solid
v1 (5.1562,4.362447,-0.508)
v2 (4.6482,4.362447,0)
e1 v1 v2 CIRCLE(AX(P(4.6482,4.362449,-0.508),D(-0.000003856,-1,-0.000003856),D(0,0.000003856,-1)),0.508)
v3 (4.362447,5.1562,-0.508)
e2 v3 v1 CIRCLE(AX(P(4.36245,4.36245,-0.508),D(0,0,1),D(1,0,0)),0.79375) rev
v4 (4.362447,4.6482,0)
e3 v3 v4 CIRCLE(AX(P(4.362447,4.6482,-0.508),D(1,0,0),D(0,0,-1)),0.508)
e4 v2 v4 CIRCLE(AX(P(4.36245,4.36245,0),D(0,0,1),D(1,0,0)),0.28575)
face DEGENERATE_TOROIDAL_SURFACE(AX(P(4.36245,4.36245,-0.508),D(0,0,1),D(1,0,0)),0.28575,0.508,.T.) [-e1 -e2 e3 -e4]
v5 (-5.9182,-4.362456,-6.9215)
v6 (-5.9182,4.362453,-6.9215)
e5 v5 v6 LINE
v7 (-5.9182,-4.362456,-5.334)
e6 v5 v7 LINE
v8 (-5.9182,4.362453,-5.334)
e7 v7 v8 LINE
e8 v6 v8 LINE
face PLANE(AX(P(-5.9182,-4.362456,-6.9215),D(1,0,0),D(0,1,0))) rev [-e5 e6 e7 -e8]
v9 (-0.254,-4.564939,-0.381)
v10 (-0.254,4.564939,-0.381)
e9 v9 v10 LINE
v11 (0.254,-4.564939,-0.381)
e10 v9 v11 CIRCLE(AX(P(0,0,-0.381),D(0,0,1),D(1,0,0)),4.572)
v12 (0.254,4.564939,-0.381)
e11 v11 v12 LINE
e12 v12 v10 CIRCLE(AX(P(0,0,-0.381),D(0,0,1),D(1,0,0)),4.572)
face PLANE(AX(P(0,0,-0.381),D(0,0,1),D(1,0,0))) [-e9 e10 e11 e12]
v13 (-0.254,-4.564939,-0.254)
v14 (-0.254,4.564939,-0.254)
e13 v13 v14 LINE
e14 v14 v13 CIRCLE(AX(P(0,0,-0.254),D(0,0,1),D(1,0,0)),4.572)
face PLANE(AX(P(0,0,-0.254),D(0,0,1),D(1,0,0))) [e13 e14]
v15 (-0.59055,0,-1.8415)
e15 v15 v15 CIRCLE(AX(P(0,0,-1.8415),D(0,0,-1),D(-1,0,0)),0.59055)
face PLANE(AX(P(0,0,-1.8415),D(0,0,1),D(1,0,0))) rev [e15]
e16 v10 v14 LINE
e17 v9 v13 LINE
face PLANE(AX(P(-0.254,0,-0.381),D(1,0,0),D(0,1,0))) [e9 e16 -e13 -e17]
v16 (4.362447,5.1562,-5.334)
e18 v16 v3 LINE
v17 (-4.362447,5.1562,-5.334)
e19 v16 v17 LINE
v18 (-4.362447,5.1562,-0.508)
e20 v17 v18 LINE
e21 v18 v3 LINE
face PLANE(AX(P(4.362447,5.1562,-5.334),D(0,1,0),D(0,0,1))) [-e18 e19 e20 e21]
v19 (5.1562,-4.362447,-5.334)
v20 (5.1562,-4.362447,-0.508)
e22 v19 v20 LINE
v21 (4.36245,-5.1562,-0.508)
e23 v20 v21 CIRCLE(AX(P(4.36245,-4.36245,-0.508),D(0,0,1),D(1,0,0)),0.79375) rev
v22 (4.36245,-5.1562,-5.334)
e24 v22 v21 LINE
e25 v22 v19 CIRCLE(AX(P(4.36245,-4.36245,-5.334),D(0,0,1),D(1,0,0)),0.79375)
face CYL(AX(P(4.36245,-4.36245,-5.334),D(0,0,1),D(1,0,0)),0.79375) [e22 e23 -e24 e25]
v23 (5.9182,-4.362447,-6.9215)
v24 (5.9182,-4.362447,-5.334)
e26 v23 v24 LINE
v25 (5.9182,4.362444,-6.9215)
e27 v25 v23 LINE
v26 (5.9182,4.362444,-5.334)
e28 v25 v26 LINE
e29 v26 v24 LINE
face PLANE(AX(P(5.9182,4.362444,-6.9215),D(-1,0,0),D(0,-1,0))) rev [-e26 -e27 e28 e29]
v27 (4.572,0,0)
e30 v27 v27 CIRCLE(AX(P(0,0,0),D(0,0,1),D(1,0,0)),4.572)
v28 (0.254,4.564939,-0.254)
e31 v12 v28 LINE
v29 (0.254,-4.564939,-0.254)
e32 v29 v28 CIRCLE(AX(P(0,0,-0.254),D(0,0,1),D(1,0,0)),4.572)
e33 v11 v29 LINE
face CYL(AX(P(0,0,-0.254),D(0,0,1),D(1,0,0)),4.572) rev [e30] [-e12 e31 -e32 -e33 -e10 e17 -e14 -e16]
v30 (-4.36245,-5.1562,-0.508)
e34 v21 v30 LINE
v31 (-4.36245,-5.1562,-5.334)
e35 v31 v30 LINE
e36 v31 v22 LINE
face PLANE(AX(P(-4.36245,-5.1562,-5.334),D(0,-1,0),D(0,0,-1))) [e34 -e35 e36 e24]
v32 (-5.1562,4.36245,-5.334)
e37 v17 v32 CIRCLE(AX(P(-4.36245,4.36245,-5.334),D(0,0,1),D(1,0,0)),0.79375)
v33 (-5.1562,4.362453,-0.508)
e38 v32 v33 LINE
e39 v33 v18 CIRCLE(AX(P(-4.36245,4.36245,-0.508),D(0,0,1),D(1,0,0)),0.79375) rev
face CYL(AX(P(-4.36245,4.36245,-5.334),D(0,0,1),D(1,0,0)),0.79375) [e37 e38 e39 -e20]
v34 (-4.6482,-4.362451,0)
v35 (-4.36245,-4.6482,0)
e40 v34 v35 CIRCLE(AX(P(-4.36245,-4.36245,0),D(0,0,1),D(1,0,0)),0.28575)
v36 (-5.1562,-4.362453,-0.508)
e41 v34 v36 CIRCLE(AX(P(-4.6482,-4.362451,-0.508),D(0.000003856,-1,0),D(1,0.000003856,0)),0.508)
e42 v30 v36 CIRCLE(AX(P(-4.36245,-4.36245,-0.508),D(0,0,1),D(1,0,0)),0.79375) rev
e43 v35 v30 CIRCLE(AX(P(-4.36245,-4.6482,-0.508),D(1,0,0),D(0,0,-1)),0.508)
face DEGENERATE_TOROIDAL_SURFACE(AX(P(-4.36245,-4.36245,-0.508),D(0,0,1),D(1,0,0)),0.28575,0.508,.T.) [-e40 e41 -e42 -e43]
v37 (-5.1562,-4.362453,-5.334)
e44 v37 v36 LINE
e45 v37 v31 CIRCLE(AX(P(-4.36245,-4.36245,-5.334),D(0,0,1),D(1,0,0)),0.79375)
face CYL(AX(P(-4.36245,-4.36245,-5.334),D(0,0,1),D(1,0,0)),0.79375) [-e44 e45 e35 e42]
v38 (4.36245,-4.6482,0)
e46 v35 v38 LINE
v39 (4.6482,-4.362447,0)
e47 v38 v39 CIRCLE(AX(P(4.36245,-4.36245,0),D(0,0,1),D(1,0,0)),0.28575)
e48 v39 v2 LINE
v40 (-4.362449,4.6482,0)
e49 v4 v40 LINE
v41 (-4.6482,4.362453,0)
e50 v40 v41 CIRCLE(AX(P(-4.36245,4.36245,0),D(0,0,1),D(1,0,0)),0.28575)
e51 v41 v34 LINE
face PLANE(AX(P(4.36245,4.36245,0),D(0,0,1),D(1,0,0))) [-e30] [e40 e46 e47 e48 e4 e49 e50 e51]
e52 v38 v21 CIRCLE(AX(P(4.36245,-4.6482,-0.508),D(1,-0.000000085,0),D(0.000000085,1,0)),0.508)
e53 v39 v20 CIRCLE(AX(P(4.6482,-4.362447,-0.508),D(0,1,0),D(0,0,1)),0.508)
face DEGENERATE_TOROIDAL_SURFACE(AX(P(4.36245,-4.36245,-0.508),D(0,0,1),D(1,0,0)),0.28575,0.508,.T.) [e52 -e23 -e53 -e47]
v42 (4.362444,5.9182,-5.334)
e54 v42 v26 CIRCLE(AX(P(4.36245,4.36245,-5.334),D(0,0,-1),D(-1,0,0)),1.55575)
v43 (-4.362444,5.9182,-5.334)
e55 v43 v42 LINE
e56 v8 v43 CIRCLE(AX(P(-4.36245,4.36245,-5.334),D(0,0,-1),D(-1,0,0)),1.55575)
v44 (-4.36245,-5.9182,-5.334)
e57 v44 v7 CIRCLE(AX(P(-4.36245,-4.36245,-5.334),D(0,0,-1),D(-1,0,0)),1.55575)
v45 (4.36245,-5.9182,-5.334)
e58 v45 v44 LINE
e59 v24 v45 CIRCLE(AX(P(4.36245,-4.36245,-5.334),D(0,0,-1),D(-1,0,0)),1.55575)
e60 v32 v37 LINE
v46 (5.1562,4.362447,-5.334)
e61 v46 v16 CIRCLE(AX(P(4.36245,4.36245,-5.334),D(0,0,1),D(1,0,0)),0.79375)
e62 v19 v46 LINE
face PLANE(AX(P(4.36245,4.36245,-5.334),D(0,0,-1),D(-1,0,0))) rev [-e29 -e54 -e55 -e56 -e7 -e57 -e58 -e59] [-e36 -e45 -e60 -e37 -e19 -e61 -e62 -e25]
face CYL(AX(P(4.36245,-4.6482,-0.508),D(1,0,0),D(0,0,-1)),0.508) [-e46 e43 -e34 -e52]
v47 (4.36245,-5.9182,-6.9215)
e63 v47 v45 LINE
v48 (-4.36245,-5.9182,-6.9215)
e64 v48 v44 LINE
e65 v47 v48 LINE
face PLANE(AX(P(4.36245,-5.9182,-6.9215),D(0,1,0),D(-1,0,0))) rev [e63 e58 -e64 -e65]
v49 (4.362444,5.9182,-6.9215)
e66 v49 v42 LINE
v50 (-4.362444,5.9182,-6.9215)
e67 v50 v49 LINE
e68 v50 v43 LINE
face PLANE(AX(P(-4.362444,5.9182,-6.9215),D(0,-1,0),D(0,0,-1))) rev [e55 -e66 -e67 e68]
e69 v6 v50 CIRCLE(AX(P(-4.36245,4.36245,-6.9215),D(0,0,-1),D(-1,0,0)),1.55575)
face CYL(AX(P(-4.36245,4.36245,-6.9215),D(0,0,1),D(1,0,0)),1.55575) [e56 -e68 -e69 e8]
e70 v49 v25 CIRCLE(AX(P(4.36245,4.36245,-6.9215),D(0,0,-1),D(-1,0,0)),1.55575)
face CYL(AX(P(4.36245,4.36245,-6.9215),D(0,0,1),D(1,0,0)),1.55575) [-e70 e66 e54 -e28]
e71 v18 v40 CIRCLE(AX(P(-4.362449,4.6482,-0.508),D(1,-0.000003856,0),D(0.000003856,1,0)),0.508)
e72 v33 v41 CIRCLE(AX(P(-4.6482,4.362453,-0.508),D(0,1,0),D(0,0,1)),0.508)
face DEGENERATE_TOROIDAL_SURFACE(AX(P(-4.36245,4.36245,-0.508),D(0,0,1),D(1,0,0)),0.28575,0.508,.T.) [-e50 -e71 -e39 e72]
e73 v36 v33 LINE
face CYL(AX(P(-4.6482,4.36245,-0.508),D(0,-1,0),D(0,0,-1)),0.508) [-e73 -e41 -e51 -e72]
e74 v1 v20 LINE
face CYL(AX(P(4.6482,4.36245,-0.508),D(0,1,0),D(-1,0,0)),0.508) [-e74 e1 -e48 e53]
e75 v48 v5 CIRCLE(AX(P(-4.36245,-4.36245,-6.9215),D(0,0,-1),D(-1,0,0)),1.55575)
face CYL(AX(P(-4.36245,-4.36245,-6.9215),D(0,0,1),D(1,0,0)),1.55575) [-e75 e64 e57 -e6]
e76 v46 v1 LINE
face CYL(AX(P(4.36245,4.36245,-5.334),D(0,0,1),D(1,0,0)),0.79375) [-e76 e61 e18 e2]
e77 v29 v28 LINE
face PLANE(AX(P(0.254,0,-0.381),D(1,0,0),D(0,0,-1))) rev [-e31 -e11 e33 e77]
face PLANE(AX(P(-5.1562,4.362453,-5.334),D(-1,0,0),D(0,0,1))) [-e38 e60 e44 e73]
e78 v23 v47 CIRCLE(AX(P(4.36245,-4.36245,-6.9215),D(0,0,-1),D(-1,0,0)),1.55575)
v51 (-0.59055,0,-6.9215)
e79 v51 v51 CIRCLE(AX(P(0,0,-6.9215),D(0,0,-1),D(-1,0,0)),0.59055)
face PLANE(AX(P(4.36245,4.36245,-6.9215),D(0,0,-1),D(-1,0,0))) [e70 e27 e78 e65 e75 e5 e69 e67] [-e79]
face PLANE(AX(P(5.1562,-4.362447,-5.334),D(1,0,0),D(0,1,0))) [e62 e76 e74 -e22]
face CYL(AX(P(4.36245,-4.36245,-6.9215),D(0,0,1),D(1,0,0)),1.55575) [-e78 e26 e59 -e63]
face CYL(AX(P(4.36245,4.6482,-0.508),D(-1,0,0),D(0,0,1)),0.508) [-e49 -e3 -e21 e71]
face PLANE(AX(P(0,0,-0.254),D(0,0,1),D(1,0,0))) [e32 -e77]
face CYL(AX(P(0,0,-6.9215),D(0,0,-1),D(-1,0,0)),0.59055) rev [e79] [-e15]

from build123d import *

# Parameters (mm, degrees)
BOSS_EXTRUDE1_DEPTH              = 5.334
FILLET1_R                        = 0.508
SKETCH2_R                        = 4.572
CUT_EXTRUDE1_DEPTH               = 0.254
CUT_EXTRUDE2_DEPTH               = 0.127
BOSS_EXTRUDE2_DEPTH              = 1.5875
F_56_0_0465_DIAMETER_HOLE1_D     = 1.1811
F_56_0_0465_DIAMETER_HOLE1_DEPTH = 5.08


with BuildPart() as part:
    # Sketch1 → Boss-Extrude1 (new body)
    with BuildSketch(Plane.XY):
        with BuildLine():
            Line((4.362446893, 5.156199954), (-4.362446893, 5.156199954))
            ThreePointArc((-4.362446893, 5.156199954), (-4.923713797, 4.923718126), (-5.156199954, 4.362453015))
            Line((-5.156199954, 4.362453015), (-5.156199954, -4.362453015))
            ThreePointArc((-5.156199954, -4.362453015), (-4.923714856, -4.923717067), (-4.362449887, -5.156199954))
            Line((-4.362449887, -5.156199954), (4.362449887, -5.156199954))
            ThreePointArc((4.362449887, -5.156199954), (4.92371702, -4.923714903), (5.156199954, -4.362446893))
            Line((5.156199954, -4.362446893), (5.156199954, 4.362446893))
            ThreePointArc((5.156199954, 4.362446893), (4.923715961, 4.923715962), (4.362446893, 5.156199954))
        make_face()
    extrude(amount=-BOSS_EXTRUDE1_DEPTH)

    # Fillet1
    fillet1_edges = [part.edges().sort_by_distance(p)[0] for p in [
        (0, 5.156199954, 0),
        (4.923715961, 4.923715962, 0),
        (5.156199954, 0, 0),
        (4.92371702, -4.923714903, 0),
        (0, -5.156199954, 0),
        (-4.923714856, -4.923717067, 0),
        (-5.156199954, 0, 0),
        (-4.923713797, 4.923718126, 0),
    ]]
    fillet(fillet1_edges, radius=FILLET1_R)

    # Sketch2 → Cut-Extrude1 (cut)
    with BuildSketch(Plane.XY):
        Circle(SKETCH2_R)
    extrude(amount=-CUT_EXTRUDE1_DEPTH, mode=Mode.SUBTRACT)

    # Sketch3 → Cut-Extrude2 (cut)
    with BuildSketch(Plane.XY.offset(-0.254)):
        with BuildLine():
            Line((-0.254, 4.564938992), (-0.254, -4.564938992))
            ThreePointArc((-0.254, -4.564938992), (0, -4.572), (0.254, -4.564938992))
            Line((0.254, -4.564938992), (0.254, 4.564938992))
            ThreePointArc((0.254, 4.564938992), (0, 4.572), (-0.254, 4.564938992))
        make_face()
    extrude(amount=-CUT_EXTRUDE2_DEPTH, mode=Mode.SUBTRACT)

    # Sketch4 → Boss-Extrude2 (add)
    with BuildSketch(Plane(origin=(0, 0, -5.334), x_dir=(-1, 0, 0), z_dir=(0, 0, -1))):
        with BuildLine():
            Line((-5.918199954, 4.362443955), (-5.918199954, -4.362446893))
            ThreePointArc((-5.918199954, -4.362446893), (-5.462532364, -5.462530293), (-4.362449822, -5.918199954))
            Line((-4.362449822, -5.918199954), (4.362449887, -5.918199954))
            ThreePointArc((4.362449887, -5.918199954), (5.462529184, -5.462533474), (5.918199954, -4.362455953))
            Line((5.918199954, -4.362455953), (5.918199954, 4.362453015))
            ThreePointArc((5.918199954, 4.362453015), (5.462528126, 5.462534532), (4.362443955, 5.918199954))
            Line((4.362443955, 5.918199954), (-4.362443955, 5.918199954))
            ThreePointArc((-4.362443955, 5.918199954), (-5.462531329, 5.462531329), (-5.918199954, 4.362443955))
        make_face()
    extrude(amount=BOSS_EXTRUDE2_DEPTH)

    # #56 (0.0465) Diameter Hole1
    with Locations(Plane(origin=(0, 0, -6.9215), x_dir=(-1, 0, 0), z_dir=(0, 0, -1))):
        with Locations((0, 0)):
            Hole(F_56_0_0465_DIAMETER_HOLE1_D / 2, depth=F_56_0_0465_DIAMETER_HOLE1_DEPTH)


solid = part.part
